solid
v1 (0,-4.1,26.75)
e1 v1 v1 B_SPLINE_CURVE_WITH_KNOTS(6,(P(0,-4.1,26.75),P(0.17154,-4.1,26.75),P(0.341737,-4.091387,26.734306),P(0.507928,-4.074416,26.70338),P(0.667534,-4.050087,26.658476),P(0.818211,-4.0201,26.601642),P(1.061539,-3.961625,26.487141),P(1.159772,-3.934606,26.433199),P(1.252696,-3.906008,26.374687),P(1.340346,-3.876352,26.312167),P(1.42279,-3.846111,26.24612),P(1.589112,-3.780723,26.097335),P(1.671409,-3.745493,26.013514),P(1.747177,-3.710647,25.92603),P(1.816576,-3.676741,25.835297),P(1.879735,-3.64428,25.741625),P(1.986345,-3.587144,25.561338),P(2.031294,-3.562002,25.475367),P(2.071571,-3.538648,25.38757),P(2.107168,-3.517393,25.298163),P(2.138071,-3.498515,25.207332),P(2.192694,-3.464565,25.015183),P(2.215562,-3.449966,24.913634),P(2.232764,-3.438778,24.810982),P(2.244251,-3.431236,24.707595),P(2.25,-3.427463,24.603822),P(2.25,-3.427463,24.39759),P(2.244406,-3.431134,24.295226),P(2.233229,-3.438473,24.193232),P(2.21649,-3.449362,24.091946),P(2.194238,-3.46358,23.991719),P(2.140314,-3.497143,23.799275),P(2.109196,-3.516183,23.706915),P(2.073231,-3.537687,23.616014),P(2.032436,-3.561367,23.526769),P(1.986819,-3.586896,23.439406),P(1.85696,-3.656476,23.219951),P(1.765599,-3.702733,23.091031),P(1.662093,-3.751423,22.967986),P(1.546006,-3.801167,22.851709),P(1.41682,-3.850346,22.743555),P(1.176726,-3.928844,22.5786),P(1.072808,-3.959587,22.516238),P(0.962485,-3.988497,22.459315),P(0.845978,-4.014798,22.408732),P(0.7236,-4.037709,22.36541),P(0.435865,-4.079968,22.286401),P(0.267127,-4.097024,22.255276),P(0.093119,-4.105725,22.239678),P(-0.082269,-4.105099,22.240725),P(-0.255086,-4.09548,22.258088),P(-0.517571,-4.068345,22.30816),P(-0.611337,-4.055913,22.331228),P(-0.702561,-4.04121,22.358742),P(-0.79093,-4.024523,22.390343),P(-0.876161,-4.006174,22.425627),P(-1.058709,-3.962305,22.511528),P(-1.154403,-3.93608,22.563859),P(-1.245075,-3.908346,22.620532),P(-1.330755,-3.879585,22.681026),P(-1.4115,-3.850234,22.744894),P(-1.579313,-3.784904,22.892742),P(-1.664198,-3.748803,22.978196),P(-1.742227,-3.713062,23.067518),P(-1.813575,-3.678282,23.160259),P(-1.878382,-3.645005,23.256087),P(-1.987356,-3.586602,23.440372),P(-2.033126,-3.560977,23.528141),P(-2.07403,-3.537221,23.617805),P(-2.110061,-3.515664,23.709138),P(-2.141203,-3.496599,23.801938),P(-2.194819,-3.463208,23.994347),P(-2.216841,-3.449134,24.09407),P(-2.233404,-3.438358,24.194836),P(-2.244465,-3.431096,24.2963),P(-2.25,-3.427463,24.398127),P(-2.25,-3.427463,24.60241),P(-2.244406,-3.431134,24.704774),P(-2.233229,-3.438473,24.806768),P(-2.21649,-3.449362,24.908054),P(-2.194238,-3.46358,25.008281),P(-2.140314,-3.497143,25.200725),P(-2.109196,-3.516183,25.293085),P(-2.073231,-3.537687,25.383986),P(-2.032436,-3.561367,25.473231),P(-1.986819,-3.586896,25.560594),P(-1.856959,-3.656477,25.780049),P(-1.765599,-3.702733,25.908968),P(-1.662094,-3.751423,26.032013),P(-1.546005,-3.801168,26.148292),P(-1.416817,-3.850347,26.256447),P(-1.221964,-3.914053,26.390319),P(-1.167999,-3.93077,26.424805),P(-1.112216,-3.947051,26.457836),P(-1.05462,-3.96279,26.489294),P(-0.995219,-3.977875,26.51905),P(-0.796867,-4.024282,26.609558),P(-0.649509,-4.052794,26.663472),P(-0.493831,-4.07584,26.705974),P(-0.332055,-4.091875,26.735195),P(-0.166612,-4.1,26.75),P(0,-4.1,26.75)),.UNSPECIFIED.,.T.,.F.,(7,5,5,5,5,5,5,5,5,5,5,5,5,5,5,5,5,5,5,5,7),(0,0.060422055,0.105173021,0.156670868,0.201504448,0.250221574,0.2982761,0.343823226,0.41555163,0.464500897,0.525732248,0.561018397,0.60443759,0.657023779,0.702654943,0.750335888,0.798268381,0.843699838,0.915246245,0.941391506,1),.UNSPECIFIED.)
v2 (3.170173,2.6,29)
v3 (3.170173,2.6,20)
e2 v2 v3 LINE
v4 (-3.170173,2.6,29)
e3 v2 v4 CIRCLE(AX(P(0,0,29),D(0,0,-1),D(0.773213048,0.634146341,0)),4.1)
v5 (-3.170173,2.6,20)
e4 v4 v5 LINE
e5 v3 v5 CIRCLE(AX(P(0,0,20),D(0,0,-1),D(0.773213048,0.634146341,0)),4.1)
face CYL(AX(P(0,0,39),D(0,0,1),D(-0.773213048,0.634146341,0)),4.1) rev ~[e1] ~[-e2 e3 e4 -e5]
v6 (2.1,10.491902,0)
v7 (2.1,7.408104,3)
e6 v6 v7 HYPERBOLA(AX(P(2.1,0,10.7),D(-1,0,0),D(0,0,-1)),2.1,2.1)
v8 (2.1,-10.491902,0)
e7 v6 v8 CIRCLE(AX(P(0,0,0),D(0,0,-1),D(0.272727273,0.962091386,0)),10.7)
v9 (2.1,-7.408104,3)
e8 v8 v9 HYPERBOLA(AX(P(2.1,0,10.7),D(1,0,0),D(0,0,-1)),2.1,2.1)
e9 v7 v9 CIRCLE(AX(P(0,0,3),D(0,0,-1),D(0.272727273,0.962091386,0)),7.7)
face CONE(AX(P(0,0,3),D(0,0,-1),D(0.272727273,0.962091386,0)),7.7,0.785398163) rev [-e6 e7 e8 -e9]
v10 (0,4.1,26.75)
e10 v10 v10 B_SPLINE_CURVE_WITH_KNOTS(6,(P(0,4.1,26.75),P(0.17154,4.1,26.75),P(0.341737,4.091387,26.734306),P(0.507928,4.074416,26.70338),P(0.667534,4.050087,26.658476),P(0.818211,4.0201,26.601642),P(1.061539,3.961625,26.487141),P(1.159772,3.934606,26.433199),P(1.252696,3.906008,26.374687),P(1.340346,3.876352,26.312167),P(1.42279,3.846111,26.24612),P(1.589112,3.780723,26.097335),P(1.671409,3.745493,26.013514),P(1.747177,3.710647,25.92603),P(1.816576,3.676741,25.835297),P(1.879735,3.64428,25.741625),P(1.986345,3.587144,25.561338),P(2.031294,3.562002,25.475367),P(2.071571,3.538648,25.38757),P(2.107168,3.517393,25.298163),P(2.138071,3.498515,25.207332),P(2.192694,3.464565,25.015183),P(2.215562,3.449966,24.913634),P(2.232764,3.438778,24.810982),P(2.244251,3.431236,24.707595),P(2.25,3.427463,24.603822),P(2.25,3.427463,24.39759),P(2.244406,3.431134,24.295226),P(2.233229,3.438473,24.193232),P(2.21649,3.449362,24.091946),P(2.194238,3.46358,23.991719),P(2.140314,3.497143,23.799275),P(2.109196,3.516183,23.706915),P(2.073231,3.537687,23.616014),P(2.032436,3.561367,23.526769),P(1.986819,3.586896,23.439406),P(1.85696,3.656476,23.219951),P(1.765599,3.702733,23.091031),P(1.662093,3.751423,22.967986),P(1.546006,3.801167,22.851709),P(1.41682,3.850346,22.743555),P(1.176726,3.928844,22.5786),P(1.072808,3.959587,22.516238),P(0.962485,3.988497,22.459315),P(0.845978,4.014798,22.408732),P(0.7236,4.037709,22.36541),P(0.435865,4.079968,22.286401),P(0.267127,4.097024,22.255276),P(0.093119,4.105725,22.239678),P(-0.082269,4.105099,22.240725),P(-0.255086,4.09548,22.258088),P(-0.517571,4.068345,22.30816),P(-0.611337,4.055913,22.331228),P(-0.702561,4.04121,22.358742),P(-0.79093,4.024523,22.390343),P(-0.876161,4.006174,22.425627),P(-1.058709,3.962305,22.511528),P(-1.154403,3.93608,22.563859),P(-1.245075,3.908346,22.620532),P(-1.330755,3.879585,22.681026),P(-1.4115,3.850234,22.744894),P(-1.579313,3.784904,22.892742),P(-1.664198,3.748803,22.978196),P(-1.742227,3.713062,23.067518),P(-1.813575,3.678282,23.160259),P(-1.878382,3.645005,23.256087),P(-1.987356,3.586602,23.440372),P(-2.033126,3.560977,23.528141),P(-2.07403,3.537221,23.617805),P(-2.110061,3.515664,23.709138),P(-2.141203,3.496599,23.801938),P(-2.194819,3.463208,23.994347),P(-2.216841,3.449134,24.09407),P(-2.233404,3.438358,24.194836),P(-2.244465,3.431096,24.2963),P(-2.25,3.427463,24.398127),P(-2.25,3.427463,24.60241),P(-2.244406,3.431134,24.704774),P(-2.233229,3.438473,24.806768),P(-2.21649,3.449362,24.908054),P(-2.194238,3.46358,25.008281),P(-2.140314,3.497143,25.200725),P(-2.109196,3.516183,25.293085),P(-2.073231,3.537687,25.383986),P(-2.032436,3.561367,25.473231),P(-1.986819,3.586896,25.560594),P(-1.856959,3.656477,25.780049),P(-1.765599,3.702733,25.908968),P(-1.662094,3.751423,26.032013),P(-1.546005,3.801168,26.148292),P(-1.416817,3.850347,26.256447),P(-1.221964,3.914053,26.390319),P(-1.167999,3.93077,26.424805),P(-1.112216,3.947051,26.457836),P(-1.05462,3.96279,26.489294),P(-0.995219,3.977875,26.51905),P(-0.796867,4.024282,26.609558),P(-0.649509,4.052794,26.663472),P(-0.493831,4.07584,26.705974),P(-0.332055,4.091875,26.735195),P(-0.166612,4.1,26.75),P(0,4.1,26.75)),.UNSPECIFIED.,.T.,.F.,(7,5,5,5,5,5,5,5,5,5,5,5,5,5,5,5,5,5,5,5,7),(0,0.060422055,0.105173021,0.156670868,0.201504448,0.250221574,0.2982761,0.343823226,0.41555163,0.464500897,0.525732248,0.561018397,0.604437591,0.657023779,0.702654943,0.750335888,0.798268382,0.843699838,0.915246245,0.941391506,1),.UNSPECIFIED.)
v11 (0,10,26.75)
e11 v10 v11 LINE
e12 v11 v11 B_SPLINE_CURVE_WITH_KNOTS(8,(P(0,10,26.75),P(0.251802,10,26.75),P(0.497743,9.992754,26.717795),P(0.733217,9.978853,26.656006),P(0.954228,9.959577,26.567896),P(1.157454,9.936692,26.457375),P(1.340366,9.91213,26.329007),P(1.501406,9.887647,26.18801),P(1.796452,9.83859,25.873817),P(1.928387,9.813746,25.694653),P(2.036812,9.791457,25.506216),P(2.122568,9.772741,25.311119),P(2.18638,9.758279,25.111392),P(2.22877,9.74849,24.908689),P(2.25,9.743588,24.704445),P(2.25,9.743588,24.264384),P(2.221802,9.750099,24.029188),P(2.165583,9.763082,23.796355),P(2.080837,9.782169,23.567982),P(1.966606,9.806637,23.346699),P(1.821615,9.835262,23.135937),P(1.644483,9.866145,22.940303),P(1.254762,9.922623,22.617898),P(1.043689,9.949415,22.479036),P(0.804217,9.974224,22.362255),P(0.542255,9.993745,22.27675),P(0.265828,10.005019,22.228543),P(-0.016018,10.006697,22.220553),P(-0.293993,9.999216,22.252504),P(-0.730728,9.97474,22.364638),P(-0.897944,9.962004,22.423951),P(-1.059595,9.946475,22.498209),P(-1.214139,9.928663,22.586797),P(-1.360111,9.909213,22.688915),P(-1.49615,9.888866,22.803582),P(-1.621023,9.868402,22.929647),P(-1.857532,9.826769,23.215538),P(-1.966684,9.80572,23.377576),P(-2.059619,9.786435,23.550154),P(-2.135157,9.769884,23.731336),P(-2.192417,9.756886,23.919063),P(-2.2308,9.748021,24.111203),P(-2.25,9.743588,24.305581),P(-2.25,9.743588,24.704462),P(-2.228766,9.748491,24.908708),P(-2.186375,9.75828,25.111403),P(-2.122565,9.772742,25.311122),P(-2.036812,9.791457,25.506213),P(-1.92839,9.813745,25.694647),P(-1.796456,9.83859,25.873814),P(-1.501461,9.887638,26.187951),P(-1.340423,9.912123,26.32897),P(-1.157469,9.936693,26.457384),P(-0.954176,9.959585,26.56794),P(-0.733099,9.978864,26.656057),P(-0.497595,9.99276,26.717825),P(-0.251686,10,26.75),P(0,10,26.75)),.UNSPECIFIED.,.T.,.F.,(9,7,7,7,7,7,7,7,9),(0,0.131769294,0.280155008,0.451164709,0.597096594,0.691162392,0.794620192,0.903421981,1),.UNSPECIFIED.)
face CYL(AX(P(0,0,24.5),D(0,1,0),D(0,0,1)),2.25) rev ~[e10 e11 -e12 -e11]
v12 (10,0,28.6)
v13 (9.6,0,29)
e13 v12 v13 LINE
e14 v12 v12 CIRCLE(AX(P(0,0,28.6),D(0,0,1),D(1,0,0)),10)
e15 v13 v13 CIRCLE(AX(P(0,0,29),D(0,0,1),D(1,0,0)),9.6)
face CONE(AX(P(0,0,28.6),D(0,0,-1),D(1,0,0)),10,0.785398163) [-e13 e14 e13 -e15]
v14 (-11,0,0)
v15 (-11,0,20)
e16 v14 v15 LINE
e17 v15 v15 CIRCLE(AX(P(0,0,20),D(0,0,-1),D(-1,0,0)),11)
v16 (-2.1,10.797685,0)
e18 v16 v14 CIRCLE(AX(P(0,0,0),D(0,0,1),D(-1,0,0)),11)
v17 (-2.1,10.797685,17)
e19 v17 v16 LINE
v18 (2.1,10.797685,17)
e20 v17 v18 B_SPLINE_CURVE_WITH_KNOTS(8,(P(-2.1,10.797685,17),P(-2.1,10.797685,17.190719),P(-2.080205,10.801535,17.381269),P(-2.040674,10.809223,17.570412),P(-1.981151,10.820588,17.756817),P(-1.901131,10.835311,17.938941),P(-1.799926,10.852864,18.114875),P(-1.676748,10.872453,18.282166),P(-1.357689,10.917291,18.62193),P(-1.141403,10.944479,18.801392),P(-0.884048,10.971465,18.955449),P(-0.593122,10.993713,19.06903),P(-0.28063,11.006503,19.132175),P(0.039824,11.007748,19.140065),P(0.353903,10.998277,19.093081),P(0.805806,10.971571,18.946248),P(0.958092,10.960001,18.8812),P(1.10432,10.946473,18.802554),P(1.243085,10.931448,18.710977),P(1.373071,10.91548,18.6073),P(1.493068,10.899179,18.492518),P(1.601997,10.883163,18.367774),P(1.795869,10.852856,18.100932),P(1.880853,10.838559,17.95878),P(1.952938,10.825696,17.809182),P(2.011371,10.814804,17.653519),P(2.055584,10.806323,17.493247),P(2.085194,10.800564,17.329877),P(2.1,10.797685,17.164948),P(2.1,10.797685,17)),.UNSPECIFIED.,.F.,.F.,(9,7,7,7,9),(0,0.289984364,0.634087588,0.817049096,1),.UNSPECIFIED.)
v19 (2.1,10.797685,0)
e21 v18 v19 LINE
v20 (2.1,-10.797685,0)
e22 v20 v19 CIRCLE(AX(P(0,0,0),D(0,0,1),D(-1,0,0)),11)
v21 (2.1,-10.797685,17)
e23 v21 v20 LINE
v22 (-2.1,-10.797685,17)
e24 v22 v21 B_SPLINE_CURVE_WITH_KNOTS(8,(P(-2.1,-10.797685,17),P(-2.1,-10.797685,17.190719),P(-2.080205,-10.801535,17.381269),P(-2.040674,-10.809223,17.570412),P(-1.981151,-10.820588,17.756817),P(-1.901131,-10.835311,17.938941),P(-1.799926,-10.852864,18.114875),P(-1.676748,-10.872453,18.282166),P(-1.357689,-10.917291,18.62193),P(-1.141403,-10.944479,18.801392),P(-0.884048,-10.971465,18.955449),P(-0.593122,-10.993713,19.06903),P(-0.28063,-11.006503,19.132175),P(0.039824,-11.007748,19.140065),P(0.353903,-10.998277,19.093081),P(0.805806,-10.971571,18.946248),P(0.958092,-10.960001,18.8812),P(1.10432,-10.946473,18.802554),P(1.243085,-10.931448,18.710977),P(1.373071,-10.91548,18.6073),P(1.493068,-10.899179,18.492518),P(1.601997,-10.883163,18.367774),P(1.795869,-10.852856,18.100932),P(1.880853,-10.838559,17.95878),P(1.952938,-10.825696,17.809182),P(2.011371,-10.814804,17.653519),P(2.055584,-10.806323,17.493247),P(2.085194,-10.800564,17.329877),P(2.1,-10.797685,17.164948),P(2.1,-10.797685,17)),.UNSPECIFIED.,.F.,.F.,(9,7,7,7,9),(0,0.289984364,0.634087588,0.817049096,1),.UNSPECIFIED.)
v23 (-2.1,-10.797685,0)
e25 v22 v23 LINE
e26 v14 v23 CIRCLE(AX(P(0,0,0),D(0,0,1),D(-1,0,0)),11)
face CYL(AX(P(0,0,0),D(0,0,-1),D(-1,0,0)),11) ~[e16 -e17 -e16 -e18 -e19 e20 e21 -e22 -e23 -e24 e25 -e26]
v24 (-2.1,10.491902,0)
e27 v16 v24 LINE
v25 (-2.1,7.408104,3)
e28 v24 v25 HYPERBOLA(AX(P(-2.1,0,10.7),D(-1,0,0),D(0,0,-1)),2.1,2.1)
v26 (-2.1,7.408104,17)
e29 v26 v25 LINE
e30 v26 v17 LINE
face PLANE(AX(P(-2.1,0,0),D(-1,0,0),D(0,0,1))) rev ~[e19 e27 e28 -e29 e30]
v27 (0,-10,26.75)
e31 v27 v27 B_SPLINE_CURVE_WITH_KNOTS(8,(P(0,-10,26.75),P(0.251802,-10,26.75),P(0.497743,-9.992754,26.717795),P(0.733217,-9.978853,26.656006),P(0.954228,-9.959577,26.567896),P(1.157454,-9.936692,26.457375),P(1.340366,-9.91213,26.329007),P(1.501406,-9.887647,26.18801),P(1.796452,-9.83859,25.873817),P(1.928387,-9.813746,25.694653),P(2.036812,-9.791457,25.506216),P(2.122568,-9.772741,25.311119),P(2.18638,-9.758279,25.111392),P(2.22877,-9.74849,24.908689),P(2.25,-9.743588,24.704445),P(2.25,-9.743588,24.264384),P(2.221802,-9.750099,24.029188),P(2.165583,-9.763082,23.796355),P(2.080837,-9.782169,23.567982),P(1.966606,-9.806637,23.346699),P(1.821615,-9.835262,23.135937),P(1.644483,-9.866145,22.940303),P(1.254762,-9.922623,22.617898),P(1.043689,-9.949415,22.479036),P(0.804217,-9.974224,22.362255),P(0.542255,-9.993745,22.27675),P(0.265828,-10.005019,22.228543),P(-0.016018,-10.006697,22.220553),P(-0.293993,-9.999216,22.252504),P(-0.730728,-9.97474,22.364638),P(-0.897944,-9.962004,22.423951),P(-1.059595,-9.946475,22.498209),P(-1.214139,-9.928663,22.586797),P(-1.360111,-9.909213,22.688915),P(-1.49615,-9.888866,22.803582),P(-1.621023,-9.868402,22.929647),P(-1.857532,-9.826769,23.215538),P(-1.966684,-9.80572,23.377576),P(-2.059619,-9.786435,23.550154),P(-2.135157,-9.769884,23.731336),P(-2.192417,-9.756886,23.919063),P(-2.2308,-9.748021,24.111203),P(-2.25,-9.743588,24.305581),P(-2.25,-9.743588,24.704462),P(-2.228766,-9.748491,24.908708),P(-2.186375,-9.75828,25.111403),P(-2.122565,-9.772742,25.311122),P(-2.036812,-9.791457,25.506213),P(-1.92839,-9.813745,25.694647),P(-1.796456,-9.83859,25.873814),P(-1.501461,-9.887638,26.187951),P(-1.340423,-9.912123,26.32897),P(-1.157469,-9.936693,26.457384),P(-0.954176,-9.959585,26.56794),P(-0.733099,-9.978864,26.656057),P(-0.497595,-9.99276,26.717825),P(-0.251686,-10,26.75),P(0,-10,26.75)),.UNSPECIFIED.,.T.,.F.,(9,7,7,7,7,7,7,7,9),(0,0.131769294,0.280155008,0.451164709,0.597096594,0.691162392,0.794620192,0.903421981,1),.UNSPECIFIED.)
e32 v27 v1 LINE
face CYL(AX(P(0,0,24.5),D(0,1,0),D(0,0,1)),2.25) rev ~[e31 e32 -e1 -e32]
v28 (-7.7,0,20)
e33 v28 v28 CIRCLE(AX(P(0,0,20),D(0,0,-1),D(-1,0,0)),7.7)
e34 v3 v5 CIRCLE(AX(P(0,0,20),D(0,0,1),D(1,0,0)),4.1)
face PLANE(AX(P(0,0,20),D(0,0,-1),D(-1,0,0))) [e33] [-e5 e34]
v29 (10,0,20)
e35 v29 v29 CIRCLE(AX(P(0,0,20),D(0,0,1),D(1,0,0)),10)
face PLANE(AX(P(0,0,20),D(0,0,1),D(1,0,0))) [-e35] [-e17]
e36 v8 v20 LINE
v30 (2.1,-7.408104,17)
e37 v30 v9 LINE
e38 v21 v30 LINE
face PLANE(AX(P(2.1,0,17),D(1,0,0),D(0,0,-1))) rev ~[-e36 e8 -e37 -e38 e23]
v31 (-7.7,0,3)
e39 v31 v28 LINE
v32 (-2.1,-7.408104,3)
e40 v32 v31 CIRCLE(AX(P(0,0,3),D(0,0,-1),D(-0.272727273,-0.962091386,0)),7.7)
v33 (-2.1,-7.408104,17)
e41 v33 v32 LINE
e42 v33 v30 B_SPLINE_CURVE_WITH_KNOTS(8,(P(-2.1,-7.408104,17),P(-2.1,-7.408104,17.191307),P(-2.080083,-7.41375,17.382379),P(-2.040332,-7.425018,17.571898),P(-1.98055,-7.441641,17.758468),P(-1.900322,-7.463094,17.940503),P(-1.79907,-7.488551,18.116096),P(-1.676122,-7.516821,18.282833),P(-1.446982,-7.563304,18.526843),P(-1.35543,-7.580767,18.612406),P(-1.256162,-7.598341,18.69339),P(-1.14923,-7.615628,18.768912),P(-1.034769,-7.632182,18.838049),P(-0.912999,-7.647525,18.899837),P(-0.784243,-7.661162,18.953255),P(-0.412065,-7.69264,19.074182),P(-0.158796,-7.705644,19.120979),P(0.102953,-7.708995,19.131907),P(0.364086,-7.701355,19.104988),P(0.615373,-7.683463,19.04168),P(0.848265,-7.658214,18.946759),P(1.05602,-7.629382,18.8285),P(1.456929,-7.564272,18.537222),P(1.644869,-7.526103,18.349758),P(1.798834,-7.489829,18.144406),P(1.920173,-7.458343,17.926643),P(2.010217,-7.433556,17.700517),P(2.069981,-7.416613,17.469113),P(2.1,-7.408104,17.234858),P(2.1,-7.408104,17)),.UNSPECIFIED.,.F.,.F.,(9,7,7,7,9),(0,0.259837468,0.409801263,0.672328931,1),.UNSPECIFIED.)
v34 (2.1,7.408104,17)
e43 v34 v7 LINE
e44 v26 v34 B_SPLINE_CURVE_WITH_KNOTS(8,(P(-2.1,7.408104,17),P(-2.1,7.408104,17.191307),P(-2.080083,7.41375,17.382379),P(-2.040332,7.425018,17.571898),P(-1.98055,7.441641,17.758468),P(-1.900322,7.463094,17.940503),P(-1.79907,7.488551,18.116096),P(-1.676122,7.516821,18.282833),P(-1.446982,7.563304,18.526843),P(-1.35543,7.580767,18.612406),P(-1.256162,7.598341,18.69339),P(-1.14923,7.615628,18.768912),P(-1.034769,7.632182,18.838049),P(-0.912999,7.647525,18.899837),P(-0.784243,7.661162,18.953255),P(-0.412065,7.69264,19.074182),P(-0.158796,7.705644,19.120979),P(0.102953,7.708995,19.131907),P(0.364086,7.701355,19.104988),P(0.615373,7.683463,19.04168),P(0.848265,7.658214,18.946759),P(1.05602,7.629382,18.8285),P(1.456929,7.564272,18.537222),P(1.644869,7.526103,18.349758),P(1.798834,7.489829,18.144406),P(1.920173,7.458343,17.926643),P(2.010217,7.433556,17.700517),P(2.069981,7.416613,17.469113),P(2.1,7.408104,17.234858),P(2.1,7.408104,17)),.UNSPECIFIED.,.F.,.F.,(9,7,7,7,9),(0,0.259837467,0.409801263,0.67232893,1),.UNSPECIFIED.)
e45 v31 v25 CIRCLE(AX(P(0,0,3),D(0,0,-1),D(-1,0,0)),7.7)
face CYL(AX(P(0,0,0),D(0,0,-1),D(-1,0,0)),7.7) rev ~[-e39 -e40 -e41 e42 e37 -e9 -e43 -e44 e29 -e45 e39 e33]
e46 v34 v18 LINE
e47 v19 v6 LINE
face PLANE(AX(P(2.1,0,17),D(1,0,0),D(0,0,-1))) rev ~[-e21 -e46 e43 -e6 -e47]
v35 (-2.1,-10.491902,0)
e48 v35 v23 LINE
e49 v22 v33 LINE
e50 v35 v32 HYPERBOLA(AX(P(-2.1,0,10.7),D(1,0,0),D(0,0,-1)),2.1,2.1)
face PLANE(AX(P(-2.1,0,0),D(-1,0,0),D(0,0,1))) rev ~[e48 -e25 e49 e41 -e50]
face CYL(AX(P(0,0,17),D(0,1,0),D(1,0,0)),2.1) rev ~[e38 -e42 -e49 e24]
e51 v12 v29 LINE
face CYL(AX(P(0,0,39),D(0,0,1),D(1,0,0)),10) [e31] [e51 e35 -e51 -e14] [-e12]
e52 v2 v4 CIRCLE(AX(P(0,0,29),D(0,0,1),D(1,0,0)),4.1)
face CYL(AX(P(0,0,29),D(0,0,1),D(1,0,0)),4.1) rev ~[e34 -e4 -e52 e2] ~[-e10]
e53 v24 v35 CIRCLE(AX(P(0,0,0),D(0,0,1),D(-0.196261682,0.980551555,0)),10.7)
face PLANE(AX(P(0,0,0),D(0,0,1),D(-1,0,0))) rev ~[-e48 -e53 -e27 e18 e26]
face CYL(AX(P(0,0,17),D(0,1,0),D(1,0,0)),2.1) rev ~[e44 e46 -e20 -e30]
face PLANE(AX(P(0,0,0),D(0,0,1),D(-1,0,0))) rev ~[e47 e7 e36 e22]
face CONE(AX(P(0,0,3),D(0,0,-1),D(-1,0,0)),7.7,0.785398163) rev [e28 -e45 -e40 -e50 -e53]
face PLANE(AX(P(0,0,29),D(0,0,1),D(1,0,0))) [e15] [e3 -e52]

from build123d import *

# Parameters (mm, degrees)
SKETCH_1_R           = 11
EXTRUDE_1_DEPTH      = 29
SKETCH_2_OUTSIDE_W   = 32.506
SKETCH_2_OUTSIDE_H   = 32.506
SKETCH_2_OUTSIDE_R   = 10
CUT_EXTRUDE_1_DEPTH  = 9
SKETCH_3_R           = 7.7
CUT_EXTRUDE_2_DEPTH  = 20
SKETCH_4_R           = 2.1
CUT_EXTRUDE_3_DEPTH  = 25
CHAMFER_1_SIZE       = 3
EXTRUDE_START        = 10
SKETCH_5_R           = 10
EXTRUDE_2_DEPTH      = 10
CUT_EXTRUDE_5_DEPTH  = 19
CUT_EXTRUDE_6_DEPTH  = 19
CHAMFER_2_SIZE       = 0.4
SKETCH_12_R          = 10
CUT_EXTRUDE_9_DEPTH  = 10
SKETCH_13_R          = 4.1
CUT_EXTRUDE_10_DEPTH = 9
SKETCH_14_R          = 2.25
CUT_EXTRUDE_11_DEPTH = 25
CHAMFER_3_SIZE       = 0.4


with BuildPart() as part:
    # 草图1 → 凸台-拉伸1 (new body)
    with BuildSketch(Plane.XY):
        with Locations(Location((0, 0, 0), (0, 0, 180))):
            Circle(SKETCH_1_R)
    extrude(amount=EXTRUDE_1_DEPTH)

    # 草图2 outside → 切除-拉伸1 (cut)
    with BuildSketch(Plane.XY.offset(29)):
        Rectangle(SKETCH_2_OUTSIDE_W, SKETCH_2_OUTSIDE_H)
        Circle(SKETCH_2_OUTSIDE_R, mode=Mode.SUBTRACT)
    extrude(amount=-CUT_EXTRUDE_1_DEPTH, mode=Mode.SUBTRACT)

    # 草图3 → 切除-拉伸2 (cut)
    with BuildSketch(Plane(origin=(0, 0, 0), x_dir=(-1, 0, 0), z_dir=(0, 0, -1))):
        Circle(SKETCH_3_R)
    extrude(amount=-CUT_EXTRUDE_2_DEPTH, mode=Mode.SUBTRACT)

    # 草图4 → 切除-拉伸3 (cut, symmetric)
    with BuildSketch(Plane(origin=(0, 0, 0), x_dir=(1, 0, 0), z_dir=(0, 1, 0))):
        with BuildLine():
            Line((-2.1, 0), (-2.1, -17))
            ThreePointArc((-2.1, -17), (0, -14.9), (2.1, -17))
            Line((2.1, -17), (2.1, 0))
            Line((2.1, 0), (-2.1, 0))
        make_face()
        with Locations((0, -17)):
            Circle(SKETCH_4_R)
    extrude(amount=CUT_EXTRUDE_3_DEPTH, both=True, mode=Mode.SUBTRACT)

    # 倒角1
    chamfer_1_edges = [part.edges().sort_by_distance(p)[0] for p in [
        (7.7, 0, 0),
        (-6.142475071, -4.643274706, 0),
    ]]
    chamfer(chamfer_1_edges, length=CHAMFER_1_SIZE)

    # 草图5 → 凸台-拉伸2 (add)
    with BuildSketch(Plane.XY.offset(29).offset(EXTRUDE_START)):
        Circle(SKETCH_5_R)
    extrude(amount=-EXTRUDE_2_DEPTH)

    # 草图6 → 切除-拉伸5 (cut)
    with BuildSketch(Plane.XY.offset(39)):
        with BuildLine():
            Line((3.122498999, 2.5), (-3.122498999, 2.5))
            ThreePointArc((-3.122498999, 2.5), (-1.324764885, -3.774254628), (4, 0))
            ThreePointArc((4, 0), (3.774254628, 1.324764885), (3.122498999, 2.5))
        make_face()
    extrude(amount=-CUT_EXTRUDE_5_DEPTH, mode=Mode.SUBTRACT)

    # 草图7 → 切除-拉伸6 (cut)
    with BuildSketch(Plane.XY.offset(39)):
        with BuildLine():
            Line((3.170173497, 2.6), (-3.170173497, 2.6))
            ThreePointArc((-3.170173497, 2.6), (0, -4.1), (3.170173497, 2.6))
        make_face()
    extrude(amount=-CUT_EXTRUDE_6_DEPTH, mode=Mode.SUBTRACT)

    # 倒角2
    chamfer_2_edges = [part.edges().sort_by_distance(p)[0] for p in [
        (0, -4.1, 39),
        (0, 2.6, 39),
    ]]
    chamfer(chamfer_2_edges, length=CHAMFER_2_SIZE)

    # 草图12 → 切除-拉伸9 (cut)
    with BuildSketch(Plane.XY.offset(39)):
        Circle(SKETCH_12_R)
    extrude(amount=-CUT_EXTRUDE_9_DEPTH, mode=Mode.SUBTRACT)

    # 草图13 → 切除-拉伸10 (cut)
    with BuildSketch(Plane.XY.offset(29)):
        Circle(SKETCH_13_R)
    extrude(amount=-CUT_EXTRUDE_10_DEPTH, mode=Mode.SUBTRACT)

    # 草图14 → 切除-拉伸11 (cut, symmetric)
    with BuildSketch(Plane(origin=(0, 0, 0), x_dir=(1, 0, 0), z_dir=(0, 1, 0))):
        with Locations(Location((0, -24.5, 0), (0, 0, 270))):
            Circle(SKETCH_14_R)
    extrude(amount=CUT_EXTRUDE_11_DEPTH, both=True, mode=Mode.SUBTRACT)

    # 倒角3
    chamfer_3_edges = [part.edges().sort_by_distance(p)[0] for p in [
        (-10, 0, 29),
    ]]
    chamfer(chamfer_3_edges, length=CHAMFER_3_SIZE)


solid = part.part
